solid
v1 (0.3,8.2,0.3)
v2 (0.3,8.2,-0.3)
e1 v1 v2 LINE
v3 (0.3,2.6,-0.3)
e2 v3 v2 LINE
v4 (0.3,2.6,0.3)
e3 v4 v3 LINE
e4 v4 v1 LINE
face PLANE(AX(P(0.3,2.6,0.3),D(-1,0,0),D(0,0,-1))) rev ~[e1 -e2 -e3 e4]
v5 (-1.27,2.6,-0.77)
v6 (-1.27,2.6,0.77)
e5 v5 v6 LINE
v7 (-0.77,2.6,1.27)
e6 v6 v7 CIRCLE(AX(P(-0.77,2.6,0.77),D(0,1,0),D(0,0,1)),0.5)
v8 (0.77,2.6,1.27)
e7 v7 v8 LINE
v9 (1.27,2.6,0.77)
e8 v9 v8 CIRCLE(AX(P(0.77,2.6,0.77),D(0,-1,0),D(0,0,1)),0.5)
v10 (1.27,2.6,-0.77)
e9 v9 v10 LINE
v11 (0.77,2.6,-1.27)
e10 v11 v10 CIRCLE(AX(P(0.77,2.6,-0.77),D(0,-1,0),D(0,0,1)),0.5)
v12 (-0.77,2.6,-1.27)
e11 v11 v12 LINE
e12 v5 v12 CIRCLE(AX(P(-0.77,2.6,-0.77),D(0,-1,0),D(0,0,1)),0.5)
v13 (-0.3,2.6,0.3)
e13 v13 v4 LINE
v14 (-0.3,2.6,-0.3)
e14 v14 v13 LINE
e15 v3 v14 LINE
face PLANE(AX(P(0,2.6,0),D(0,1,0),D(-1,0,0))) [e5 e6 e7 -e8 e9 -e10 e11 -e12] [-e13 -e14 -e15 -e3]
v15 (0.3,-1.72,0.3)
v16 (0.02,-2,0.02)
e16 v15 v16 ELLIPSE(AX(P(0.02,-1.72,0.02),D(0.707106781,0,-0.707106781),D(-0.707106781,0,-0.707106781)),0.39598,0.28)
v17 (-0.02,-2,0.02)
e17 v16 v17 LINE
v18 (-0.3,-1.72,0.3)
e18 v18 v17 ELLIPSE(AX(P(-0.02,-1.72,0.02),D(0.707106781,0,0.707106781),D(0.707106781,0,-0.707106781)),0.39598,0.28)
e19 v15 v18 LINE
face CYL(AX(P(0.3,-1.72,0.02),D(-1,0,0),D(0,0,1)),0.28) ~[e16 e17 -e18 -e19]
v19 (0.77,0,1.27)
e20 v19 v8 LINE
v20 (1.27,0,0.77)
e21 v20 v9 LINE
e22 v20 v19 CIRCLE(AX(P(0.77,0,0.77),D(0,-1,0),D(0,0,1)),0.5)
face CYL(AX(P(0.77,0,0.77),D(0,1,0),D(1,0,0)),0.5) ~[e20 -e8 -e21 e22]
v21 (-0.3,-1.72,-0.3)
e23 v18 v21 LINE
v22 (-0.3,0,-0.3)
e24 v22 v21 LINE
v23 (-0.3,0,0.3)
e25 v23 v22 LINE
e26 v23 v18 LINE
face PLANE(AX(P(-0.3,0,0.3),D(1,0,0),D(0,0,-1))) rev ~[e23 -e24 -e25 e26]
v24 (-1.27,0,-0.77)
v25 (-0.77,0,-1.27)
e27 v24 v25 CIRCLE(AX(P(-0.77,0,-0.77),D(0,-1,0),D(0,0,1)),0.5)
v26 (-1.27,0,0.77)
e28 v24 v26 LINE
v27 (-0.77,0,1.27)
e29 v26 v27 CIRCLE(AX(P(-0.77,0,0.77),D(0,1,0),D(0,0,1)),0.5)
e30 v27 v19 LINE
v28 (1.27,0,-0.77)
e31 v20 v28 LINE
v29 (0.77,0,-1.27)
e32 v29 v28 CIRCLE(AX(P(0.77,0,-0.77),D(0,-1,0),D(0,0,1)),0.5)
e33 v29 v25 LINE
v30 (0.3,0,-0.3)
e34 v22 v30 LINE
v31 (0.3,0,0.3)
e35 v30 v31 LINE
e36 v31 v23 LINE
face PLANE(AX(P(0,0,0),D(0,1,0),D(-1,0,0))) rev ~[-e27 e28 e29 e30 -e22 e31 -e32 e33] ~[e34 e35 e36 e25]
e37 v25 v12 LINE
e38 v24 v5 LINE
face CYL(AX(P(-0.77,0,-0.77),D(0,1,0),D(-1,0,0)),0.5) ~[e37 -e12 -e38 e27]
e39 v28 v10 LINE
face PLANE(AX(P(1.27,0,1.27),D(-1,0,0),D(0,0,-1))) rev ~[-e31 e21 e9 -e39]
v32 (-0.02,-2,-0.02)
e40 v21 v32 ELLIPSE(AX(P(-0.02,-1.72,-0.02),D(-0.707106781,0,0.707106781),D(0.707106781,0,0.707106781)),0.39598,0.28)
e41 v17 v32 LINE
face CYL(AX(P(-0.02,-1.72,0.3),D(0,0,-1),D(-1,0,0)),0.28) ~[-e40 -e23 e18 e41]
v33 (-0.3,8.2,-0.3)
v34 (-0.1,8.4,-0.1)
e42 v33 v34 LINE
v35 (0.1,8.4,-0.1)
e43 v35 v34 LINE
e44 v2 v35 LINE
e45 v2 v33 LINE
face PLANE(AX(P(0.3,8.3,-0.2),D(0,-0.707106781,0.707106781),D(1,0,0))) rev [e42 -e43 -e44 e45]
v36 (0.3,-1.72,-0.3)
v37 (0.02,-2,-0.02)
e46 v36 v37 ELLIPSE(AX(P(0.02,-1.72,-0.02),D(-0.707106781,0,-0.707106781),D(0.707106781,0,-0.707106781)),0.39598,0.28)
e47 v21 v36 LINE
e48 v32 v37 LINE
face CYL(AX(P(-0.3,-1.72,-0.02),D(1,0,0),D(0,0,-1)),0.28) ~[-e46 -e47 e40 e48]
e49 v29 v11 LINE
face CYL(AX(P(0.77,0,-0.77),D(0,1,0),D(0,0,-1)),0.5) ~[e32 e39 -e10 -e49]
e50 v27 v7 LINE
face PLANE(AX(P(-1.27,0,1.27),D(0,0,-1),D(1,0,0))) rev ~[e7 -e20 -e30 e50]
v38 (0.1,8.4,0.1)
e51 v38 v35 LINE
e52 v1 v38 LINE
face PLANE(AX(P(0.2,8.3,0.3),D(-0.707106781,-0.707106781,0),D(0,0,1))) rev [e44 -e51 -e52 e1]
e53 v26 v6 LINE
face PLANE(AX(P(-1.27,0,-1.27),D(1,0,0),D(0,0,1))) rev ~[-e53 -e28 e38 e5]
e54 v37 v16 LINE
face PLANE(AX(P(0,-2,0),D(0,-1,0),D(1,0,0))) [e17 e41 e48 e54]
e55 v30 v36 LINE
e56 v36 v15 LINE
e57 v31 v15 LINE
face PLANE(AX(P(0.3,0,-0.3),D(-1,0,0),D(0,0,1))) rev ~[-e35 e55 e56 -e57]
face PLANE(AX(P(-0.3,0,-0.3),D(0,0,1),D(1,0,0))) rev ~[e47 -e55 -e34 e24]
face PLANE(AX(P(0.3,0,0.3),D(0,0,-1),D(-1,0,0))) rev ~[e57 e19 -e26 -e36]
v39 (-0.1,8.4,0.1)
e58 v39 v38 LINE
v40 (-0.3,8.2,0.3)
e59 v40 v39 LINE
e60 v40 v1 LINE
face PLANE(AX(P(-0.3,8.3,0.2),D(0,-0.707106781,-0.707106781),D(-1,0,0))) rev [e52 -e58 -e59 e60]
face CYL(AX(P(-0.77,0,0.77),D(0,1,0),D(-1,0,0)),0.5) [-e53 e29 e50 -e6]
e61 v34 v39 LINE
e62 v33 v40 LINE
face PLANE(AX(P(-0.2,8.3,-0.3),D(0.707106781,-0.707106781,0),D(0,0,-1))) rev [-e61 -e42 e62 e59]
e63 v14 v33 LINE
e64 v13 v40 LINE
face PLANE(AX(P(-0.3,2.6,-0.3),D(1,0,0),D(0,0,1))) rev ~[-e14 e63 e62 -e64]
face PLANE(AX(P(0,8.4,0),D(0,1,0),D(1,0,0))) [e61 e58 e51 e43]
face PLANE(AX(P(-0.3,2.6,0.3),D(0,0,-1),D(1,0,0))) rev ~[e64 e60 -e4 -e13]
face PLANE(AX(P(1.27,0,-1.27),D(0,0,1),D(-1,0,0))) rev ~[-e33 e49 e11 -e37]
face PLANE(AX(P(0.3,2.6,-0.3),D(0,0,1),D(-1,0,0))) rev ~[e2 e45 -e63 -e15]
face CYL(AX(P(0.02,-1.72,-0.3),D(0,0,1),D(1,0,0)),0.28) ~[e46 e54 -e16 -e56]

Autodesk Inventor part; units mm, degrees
ref_plane "YZ Plane" through (0, 0, 0) normal (1, 0, 0) x (0, 1, 0)
ref_plane "XZ Plane" through (0, 0, 0) normal (0, 1, 0) x (-1, 0, 0)
ref_plane "XY Plane" through (0, 0, 0) normal (0, 0, 1) x (1, 0, 0)
sketch "Sketch1" plane through (0, 0, 0) normal (0, 1, 0) x (-1, 0, 0)
  line L0 (1.27, 1.27) -> (-1.27, 1.27)
  line L1 (-1.27, 1.27) -> (-1.27, -1.27)
  line L2 (-1.27, -1.27) -> (1.27, -1.27)
  line L3 (1.27, -1.27) -> (1.27, 1.27)
  line L4 (1.27, 1.27) -> (-1.27, -1.27) construction
  line L5 (-1.27, 1.27) -> (1.27, -1.27) construction
  point P0 (0, 0)
  dimension "d0" = 2.54
  dimension "d1" = 2.54
extrude "Extrusion1" add sketch "Sketch1" along normal blind 2.6
fillet "Fillet1" radius 0.5 4 edges at (1.27, 1.3, 1.27) (1.27, 1.3, -1.27) (-1.27, 1.3, 1.27) (-1.27, 1.3, -1.27)
sketch "Sketch2" plane through (0, 2.6, 0) normal (0, 1, 0) x (1, 0, 0)
  line L0 (-0.3, -0.3) -> (0.3, -0.3)
  line L1 (0.3, -0.3) -> (0.3, 0.3)
  line L2 (0.3, 0.3) -> (-0.3, 0.3)
  line L3 (-0.3, 0.3) -> (-0.3, -0.3)
  line L4 (-0.3, -0.3) -> (0.3, 0.3) construction
  line L5 (0.3, -0.3) -> (-0.3, 0.3) construction
  point P0 (0, 0)
  dimension "d5" = 0.6
  dimension "d6" = 0.6
extrude "Extrusion2" add sketch "Sketch2" along normal blind 5.8
chamfer "Chamfer1" distance 0.2 angle 45 4 edges at (0.3, 8.4, 0) (0, 8.4, 0.3) (-0.3, 8.4, 0) (0, 8.4, -0.3)
sketch "Sketch3" plane through (0, 0, 0) normal (0, -1, 0) x (1, 0, 0)
  line L0 (0.3, 0.3) -> (-0.3, 0.3) projected
  line L1 (-0.3, 0.3) -> (-0.3, -0.3) projected
  line L2 (-0.3, -0.3) -> (0.3, -0.3) projected
  line L3 (0.3, -0.3) -> (0.3, 0.3) projected
  point P0 (0, 0)
extrude "Extrusion3" add sketch "Sketch3" along normal blind 2
fillet "Fillet2" radius 0.28 4 edges at (0, -2, -0.3) (-0.3, -2, 0) (0, -2, 0.3) (0.3, -2, 0)
properties part number "PIR pins"
